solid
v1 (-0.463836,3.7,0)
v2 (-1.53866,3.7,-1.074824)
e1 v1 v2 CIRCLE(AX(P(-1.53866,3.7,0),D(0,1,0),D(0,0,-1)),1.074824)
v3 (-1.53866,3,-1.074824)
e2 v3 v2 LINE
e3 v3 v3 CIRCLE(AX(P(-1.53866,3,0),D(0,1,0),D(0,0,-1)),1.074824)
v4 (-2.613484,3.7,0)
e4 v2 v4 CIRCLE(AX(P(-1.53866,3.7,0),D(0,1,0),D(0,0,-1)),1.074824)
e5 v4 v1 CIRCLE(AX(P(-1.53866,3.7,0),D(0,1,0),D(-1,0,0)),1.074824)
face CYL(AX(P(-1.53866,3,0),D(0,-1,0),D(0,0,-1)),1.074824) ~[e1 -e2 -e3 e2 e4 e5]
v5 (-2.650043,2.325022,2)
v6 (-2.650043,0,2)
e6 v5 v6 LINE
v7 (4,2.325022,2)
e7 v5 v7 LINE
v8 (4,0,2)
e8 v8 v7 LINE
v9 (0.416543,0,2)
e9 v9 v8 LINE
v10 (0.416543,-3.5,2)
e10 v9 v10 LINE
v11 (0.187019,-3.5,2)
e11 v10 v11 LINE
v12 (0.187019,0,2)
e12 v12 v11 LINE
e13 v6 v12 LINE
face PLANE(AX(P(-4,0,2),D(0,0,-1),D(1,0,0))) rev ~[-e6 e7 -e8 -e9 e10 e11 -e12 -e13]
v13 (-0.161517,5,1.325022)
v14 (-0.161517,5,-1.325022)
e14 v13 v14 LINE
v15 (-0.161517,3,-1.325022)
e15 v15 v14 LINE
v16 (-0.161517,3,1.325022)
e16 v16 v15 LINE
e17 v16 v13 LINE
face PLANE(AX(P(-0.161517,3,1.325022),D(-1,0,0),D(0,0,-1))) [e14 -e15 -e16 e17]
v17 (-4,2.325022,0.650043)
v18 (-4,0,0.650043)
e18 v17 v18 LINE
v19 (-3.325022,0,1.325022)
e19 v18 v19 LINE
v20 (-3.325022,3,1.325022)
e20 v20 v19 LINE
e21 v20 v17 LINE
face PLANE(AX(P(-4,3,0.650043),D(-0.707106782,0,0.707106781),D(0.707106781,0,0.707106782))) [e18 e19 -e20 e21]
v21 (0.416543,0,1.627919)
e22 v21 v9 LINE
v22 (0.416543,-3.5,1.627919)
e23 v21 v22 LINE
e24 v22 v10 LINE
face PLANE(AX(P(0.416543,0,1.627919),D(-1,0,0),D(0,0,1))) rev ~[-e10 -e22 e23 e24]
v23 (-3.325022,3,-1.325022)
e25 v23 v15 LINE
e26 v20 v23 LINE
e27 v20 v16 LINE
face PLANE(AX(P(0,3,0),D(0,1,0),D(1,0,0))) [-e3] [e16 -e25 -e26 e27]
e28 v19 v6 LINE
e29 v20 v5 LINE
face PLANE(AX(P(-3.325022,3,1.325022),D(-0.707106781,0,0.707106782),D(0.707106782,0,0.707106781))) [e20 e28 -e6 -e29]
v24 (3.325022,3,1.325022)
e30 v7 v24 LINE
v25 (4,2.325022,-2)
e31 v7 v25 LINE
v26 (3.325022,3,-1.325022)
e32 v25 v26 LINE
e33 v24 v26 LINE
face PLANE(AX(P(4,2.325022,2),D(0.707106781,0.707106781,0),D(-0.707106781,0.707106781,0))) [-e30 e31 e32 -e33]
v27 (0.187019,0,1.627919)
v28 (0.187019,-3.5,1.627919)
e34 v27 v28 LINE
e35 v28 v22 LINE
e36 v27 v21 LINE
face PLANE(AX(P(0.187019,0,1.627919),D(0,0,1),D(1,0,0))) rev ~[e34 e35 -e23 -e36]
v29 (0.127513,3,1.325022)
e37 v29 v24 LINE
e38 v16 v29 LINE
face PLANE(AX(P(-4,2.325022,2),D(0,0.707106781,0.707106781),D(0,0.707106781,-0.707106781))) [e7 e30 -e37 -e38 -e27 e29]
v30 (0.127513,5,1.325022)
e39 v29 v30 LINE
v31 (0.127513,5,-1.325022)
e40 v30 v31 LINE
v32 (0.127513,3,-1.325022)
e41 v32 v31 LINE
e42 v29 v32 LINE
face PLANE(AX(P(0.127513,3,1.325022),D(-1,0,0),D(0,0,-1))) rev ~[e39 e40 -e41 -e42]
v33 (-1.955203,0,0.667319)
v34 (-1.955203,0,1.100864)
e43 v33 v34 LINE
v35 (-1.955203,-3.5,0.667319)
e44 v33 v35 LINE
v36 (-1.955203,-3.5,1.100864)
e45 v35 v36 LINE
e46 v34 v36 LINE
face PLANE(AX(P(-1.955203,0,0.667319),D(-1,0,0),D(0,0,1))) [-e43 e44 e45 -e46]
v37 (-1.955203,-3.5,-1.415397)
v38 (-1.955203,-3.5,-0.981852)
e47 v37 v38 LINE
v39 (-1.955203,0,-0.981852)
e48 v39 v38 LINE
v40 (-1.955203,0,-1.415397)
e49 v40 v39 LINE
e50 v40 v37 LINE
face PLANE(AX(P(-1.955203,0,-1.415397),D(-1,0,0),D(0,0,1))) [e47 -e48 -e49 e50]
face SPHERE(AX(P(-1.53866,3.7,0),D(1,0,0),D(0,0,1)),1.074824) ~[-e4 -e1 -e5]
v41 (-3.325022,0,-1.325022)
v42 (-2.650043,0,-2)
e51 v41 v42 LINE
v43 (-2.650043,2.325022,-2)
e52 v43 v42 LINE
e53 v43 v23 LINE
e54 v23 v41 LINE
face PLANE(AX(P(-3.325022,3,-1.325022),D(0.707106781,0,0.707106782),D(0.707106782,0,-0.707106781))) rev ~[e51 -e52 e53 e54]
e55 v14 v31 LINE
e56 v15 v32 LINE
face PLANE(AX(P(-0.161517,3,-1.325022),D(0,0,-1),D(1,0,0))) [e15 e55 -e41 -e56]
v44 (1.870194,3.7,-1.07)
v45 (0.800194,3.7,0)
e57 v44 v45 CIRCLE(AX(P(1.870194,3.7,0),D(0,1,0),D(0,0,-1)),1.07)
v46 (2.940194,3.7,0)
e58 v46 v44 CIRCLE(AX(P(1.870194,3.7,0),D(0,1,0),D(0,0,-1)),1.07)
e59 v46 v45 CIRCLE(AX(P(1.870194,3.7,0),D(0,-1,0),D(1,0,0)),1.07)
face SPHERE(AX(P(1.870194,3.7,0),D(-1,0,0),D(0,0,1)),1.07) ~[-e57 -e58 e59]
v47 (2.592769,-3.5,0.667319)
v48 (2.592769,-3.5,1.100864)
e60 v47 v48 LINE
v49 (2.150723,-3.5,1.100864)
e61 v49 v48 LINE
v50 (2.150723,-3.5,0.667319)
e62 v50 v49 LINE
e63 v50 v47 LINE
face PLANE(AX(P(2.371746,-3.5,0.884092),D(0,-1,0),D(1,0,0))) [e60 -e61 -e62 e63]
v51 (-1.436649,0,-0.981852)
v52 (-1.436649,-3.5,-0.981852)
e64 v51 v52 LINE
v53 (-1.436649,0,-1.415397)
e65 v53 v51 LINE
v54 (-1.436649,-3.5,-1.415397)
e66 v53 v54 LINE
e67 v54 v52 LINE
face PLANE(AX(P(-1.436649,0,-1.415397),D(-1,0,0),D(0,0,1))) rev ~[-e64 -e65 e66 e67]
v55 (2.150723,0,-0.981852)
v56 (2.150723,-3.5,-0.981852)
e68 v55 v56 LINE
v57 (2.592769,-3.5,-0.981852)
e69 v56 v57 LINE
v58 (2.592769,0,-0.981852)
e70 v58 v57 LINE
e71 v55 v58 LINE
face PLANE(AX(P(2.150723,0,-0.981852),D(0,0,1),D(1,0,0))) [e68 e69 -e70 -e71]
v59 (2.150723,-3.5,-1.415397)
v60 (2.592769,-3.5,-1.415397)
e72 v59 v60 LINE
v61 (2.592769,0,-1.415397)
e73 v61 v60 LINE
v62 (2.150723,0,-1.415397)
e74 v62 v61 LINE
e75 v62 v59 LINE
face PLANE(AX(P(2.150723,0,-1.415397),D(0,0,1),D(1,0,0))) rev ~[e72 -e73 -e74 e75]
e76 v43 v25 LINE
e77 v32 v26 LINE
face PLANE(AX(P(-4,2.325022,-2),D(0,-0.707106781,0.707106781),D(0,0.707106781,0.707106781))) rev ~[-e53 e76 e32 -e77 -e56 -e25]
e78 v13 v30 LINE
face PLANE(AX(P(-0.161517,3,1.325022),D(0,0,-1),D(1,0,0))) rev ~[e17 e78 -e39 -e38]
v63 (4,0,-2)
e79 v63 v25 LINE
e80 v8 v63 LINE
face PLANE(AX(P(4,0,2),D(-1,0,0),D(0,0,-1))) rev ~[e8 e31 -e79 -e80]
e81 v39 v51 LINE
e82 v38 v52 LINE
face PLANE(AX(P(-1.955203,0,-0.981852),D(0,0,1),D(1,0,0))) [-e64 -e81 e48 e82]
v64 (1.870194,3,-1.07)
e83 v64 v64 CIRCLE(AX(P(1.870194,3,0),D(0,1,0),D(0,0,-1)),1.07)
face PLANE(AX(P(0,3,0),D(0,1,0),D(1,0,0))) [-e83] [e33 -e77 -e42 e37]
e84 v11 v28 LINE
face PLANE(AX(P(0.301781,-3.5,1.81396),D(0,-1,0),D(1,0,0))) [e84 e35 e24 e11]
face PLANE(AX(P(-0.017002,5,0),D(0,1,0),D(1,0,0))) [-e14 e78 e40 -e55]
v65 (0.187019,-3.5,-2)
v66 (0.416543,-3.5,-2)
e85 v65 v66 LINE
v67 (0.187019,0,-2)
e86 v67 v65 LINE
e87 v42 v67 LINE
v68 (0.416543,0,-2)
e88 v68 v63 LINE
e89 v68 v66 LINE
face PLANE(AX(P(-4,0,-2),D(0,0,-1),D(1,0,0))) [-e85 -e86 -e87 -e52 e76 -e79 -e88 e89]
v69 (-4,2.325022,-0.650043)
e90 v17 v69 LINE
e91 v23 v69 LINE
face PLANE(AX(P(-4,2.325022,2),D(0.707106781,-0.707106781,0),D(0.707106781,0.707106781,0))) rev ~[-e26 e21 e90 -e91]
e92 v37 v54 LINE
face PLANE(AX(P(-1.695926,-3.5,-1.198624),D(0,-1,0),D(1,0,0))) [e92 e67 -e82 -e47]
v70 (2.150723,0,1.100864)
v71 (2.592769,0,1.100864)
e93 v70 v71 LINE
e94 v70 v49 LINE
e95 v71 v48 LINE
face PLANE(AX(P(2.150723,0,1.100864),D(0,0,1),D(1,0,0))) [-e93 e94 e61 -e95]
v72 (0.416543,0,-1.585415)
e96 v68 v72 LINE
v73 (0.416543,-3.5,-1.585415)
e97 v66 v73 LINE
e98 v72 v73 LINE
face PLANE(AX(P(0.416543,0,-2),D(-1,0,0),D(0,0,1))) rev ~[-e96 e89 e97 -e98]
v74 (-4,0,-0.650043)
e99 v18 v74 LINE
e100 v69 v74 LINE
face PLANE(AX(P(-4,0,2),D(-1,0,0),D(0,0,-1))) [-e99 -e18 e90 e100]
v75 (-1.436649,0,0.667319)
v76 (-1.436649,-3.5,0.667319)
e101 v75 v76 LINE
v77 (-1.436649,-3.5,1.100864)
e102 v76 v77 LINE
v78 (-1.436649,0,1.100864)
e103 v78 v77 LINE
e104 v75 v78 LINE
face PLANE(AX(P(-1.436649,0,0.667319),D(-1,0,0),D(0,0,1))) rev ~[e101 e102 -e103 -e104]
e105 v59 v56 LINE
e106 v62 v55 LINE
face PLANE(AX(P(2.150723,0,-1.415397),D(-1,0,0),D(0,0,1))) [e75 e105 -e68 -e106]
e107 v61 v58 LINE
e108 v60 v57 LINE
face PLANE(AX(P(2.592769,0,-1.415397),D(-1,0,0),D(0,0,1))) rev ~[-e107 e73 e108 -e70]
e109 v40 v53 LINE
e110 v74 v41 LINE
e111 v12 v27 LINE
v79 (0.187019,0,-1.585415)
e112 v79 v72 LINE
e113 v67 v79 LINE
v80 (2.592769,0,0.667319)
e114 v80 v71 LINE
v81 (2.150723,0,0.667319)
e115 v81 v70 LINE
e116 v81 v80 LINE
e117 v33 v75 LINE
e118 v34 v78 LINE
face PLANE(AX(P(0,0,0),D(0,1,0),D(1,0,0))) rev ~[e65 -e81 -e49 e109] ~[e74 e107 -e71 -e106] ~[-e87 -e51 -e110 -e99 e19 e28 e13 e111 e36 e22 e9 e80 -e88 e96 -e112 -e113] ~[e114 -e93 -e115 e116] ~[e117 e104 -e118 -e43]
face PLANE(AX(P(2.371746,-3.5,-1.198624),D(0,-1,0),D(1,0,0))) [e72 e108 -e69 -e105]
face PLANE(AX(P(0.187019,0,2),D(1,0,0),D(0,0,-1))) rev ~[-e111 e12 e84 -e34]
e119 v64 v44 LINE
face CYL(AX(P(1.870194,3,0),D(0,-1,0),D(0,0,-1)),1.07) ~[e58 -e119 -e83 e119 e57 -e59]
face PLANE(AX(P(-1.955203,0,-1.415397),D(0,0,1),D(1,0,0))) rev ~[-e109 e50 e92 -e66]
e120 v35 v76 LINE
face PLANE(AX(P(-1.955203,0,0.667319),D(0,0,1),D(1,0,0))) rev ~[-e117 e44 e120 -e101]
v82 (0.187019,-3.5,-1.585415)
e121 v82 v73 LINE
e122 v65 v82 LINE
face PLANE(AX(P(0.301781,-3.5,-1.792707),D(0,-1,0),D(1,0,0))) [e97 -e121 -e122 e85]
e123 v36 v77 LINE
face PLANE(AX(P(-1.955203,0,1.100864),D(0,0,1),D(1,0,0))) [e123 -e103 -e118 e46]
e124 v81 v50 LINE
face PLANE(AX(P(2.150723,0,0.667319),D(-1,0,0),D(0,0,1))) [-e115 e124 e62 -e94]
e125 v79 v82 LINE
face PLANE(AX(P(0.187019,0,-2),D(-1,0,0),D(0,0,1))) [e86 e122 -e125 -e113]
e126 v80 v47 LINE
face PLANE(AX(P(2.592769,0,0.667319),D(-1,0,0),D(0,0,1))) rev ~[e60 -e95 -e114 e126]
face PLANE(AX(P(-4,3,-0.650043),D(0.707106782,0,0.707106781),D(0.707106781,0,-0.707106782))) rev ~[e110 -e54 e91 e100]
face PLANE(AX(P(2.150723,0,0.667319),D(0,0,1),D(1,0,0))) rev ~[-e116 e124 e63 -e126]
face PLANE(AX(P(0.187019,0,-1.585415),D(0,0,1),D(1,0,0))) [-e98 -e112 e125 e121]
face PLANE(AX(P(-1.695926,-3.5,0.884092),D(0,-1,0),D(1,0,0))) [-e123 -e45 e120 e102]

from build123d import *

# Parameters (mm, degrees)
SKETCH_1_W          = 8
SKETCH_1_H          = 4
EXTRUDE_1_DEPTH     = 3
CUT_EXTRUDE_1_DEPTH = 10
CUT_EXTRUDE_2_DEPTH = 10
CUT_EXTRUDE_3_DEPTH = 10
SKETCH_5_W          = 0.28903002
SKETCH_5_H          = 2.650043114
EXTRUDE_2_DEPTH     = 2
SKETCH_6_R          = 1.074823955
EXTRUDE_3_DEPTH     = 0.7
SKETCH_8_R          = 1.07
EXTRUDE_4_DEPTH     = 0.7
SKETCH_13_W         = 0.51855386
SKETCH_13_H         = 0.433545031
SKETCH_13_W_2       = 0.442045914
EXTRUDE_5_DEPTH     = 3.5
SKETCH_14_W         = 0.22952384
SKETCH_14_H         = 0.414585327
EXTRUDE_6_DEPTH     = 3.5


with BuildPart() as part:
    # 草图1 → 凸台-拉伸1 (new body)
    with BuildSketch(Plane(origin=(0, 0, 0), x_dir=(1, 0, 0), z_dir=(0, 1, 0))):
        Rectangle(SKETCH_1_W, SKETCH_1_H)
    extrude(amount=EXTRUDE_1_DEPTH)

    # 草图2 → 切除-拉伸1 (cut)
    with BuildSketch(Plane.ZY.offset(4)):
        Polygon((-2, 2.325021557), (-1.325021557, 3), (-2, 3), align=None)
        Polygon((2, 2.325021557), (1.325021557, 3), (2, 3), align=None)
    extrude(amount=-CUT_EXTRUDE_1_DEPTH, mode=Mode.SUBTRACT)

    # 草图3 → 切除-拉伸2 (cut)
    with BuildSketch(Plane.XY.offset(2)):
        Polygon((-4, 2.325021557), (-3.325021557, 3), (-4, 3), align=None)
        Polygon((4, 2.325021557), (3.325021557, 3), (4, 3), align=None)
    extrude(amount=-CUT_EXTRUDE_2_DEPTH, mode=Mode.SUBTRACT)

    # 草图4 → 切除-拉伸3 (cut)
    with BuildSketch(Plane(origin=(0, 3, 0), x_dir=(1, 0, 0), z_dir=(0, 1, 0))):
        Polygon((-3.325021557, 1.325021557), (-2.650043113, 2), (-4, 2), (-4, 0.650043113), align=None)
        Polygon((-3.325021557, -1.325021557), (-2.650043113, -2), (-4, -2), (-4, -0.650043113), align=None)
    extrude(amount=-CUT_EXTRUDE_3_DEPTH, mode=Mode.SUBTRACT)

    # 草图5 → 凸台-拉伸2 (add)
    with BuildSketch(Plane(origin=(0, 3, 0), x_dir=(1, 0, 0), z_dir=(0, 1, 0))):
        with Locations((-0.017001766, 0)):
            Rectangle(SKETCH_5_W, SKETCH_5_H)
    extrude(amount=EXTRUDE_2_DEPTH)

    # 草图6 → 凸台-拉伸3 (add)
    with BuildSketch(Plane(origin=(0, 3, 0), x_dir=(1, 0, 0), z_dir=(0, 1, 0))):
        with Locations(Location((-1.538659816, 0, 0), (0, 0, 90))):
            Circle(SKETCH_6_R)
    extrude(amount=EXTRUDE_3_DEPTH)

    # 草图7 → 旋转1 (revolve)
    with BuildSketch(Plane(origin=(0, 3.7, 0), x_dir=(1, 0, 0), z_dir=(0, 1, 0))):
        with BuildLine():
            Line((-0.463835861, 0), (-2.613483771, 0))
            ThreePointArc((-2.613483771, 0), (-1.538659816, -1.074823955), (-0.463835861, 0))
        make_face()
    revolve(axis=Axis((-0.463835861, 3.7, 0), (-1, 0, 0)))

    # 草图8 → 凸台-拉伸4 (add)
    with BuildSketch(Plane(origin=(0, 3, 0), x_dir=(1, 0, 0), z_dir=(0, 1, 0))):
        with Locations(Location((1.870194252, 0, 0), (0, 0, 90))):
            Circle(SKETCH_8_R)
    extrude(amount=EXTRUDE_4_DEPTH)

    # 草图12 → 旋转2 (revolve)
    with BuildSketch(Plane(origin=(0, 3.7, 0), x_dir=(1, 0, 0), z_dir=(0, 1, 0))):
        with BuildLine():
            Line((0.800194252, 0), (2.940194252, 0))
            ThreePointArc((2.940194252, 0), (1.870194252, -1.07), (0.800194252, 0))
        make_face()
    revolve(axis=Axis((0.800194252, 3.7, 0), (1, 0, 0)))

    # 草图13 → 凸台-拉伸5 (add)
    with BuildSketch(Plane.XZ):
        with Locations((-1.695926151, 0.884091829)):
            Rectangle(SKETCH_13_W, SKETCH_13_H)
        with Locations((-1.695926151, -1.198624497)):
            Rectangle(SKETCH_13_W, SKETCH_13_H)
        with Locations((2.371746347, 0.884091829)):
            Rectangle(SKETCH_13_W_2, SKETCH_13_H)
        with Locations((2.371746347, -1.198624497)):
            Rectangle(SKETCH_13_W_2, SKETCH_13_H)
    extrude(amount=EXTRUDE_5_DEPTH)

    # 草图14 → 凸台-拉伸6 (add)
    with BuildSketch(Plane.XZ):
        Polygon((0.187019425, 2), (0.187019425, 1.627919087), (0.416543265, 1.627919087), (0.416543265, 1.942451757), (0.416543265, 2), align=None)
        with Locations((0.301781345, -1.792707336)):
            Rectangle(SKETCH_14_W, SKETCH_14_H)
    extrude(amount=EXTRUDE_6_DEPTH)


solid = part.part
